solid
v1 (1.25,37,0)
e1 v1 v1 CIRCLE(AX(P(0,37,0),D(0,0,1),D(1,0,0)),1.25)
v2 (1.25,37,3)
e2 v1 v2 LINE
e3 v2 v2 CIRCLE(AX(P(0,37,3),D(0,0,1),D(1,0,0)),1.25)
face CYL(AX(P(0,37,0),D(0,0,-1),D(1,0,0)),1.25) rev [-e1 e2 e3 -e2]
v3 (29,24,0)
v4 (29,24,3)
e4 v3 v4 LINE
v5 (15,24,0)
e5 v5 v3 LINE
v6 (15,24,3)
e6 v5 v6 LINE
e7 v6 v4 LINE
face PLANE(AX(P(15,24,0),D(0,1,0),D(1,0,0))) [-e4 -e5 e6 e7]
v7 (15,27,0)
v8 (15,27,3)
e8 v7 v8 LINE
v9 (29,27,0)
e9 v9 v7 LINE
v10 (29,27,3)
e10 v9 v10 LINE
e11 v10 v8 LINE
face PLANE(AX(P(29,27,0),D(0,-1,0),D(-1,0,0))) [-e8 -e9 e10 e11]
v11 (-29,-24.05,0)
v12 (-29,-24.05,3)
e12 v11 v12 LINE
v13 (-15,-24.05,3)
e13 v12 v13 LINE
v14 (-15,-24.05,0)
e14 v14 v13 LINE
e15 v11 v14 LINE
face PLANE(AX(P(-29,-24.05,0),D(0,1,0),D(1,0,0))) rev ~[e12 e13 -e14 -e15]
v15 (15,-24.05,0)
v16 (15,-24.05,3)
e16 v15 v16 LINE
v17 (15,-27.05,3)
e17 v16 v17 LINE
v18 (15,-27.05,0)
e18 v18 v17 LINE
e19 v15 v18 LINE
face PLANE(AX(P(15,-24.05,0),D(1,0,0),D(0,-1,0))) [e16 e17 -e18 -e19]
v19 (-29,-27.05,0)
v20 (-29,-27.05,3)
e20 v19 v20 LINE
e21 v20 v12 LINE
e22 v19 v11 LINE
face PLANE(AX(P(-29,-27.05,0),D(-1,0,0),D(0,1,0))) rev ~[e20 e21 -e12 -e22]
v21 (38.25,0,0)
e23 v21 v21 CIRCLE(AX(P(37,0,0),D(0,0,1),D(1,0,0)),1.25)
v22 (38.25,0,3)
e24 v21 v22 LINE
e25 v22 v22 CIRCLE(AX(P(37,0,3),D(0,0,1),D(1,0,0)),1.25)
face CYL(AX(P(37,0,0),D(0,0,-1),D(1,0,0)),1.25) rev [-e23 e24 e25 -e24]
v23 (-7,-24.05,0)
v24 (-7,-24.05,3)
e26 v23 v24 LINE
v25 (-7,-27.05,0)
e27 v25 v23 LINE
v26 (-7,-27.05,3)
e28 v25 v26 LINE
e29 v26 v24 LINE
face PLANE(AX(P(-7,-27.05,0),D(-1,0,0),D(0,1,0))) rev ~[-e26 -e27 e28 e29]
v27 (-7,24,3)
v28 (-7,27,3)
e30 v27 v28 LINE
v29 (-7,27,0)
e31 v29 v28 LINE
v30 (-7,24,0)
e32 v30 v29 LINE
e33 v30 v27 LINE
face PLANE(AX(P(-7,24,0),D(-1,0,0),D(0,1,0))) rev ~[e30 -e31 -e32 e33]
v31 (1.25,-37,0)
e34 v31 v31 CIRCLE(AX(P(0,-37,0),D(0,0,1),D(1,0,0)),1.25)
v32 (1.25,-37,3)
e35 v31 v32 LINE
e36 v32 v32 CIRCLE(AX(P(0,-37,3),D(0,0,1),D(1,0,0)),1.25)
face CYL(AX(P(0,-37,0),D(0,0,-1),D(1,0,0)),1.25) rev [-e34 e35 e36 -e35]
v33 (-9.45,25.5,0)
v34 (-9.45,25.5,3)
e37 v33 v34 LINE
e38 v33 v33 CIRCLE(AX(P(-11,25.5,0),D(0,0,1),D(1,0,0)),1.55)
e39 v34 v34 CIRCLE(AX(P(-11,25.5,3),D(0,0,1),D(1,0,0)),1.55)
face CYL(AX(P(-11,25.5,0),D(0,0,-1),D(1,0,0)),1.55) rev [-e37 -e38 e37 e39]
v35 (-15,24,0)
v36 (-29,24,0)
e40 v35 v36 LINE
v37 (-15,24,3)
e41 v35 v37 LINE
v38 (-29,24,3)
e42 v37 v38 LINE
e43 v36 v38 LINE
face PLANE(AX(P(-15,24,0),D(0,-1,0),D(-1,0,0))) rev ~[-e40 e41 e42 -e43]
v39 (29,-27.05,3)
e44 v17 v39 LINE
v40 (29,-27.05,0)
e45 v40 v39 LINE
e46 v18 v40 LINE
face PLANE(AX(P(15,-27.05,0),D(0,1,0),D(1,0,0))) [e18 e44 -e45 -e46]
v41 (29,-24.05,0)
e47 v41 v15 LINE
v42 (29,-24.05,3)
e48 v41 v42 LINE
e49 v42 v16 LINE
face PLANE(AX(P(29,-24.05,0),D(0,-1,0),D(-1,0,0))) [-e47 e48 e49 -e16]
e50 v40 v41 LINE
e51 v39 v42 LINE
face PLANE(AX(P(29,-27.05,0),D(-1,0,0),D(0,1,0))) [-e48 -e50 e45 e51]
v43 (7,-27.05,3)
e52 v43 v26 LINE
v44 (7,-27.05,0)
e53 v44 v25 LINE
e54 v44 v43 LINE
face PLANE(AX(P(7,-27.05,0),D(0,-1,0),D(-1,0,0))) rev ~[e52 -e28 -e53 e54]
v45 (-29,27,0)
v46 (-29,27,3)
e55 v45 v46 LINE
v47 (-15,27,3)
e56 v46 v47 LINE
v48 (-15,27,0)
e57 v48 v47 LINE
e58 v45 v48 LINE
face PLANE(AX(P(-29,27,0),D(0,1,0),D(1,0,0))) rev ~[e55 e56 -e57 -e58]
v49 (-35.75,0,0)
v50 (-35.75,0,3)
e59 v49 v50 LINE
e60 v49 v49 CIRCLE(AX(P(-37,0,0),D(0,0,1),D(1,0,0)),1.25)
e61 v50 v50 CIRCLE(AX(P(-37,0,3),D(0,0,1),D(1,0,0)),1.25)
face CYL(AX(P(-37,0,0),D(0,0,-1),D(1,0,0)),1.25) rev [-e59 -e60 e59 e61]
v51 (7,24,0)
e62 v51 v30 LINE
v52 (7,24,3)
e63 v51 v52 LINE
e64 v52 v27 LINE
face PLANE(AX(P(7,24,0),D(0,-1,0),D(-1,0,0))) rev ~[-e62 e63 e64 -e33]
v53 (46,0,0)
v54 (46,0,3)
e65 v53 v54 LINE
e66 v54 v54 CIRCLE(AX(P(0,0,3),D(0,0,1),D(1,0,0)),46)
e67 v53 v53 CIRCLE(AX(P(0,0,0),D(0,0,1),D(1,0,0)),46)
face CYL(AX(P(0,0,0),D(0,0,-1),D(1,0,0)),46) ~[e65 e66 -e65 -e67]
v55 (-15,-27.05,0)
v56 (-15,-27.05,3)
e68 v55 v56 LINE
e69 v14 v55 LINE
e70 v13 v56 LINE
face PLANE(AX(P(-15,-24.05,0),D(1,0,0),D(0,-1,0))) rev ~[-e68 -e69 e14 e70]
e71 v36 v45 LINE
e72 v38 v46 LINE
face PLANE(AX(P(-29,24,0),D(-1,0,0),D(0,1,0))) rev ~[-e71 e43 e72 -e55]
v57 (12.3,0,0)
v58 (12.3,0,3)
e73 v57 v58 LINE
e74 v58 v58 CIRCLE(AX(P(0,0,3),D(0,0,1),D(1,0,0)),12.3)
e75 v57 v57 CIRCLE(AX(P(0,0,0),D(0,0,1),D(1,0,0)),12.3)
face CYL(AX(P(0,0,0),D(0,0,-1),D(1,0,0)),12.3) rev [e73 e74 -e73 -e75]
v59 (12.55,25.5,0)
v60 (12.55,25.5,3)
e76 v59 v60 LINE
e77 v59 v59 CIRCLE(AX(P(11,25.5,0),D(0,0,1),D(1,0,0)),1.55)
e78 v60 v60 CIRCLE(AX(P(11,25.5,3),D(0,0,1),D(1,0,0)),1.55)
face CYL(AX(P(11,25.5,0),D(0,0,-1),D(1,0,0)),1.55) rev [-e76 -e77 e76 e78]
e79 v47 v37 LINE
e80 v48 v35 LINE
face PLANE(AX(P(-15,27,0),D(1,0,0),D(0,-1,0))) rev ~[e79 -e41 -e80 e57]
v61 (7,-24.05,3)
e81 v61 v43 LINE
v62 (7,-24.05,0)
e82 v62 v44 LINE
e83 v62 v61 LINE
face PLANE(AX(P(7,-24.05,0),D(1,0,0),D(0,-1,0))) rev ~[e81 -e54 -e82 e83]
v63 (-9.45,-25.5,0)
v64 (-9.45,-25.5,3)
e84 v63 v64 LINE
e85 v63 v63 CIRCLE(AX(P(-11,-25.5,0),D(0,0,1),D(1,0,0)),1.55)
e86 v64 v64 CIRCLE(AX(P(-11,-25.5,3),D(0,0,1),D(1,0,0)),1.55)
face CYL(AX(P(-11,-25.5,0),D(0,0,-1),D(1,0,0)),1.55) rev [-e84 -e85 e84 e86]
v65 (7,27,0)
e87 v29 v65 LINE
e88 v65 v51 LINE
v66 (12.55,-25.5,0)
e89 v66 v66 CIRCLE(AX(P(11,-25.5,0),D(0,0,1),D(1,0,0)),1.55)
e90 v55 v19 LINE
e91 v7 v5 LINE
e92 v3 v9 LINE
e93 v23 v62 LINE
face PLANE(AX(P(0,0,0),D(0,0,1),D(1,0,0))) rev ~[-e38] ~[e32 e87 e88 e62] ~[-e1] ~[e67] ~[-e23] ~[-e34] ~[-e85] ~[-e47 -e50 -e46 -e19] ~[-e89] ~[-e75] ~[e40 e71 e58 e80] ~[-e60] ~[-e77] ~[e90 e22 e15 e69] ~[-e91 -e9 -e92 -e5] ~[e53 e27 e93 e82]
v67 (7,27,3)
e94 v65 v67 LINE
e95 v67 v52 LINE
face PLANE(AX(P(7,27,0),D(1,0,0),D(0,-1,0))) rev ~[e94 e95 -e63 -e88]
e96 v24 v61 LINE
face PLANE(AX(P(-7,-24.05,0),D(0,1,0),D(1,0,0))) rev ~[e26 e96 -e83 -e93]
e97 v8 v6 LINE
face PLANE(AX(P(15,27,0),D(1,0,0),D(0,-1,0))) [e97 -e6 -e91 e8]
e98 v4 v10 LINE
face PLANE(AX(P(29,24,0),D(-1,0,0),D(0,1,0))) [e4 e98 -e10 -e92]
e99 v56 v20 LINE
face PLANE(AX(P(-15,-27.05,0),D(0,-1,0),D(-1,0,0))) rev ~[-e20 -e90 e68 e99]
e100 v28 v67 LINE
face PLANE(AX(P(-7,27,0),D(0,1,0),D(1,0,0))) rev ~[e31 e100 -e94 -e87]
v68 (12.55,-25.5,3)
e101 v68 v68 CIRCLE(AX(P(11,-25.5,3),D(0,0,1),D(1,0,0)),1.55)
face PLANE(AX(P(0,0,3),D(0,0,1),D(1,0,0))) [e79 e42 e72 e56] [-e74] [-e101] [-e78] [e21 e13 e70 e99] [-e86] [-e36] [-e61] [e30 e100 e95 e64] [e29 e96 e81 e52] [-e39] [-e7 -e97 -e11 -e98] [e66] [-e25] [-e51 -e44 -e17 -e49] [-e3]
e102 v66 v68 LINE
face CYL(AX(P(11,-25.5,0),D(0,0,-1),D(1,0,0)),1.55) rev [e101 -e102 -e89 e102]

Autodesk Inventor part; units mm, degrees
ref_plane "YZ Plane" through (0, 0, 0) normal (1, 0, 0) x (0, 1, 0)
ref_plane "XZ Plane" through (0, 0, 0) normal (0, 1, 0) x (-1, 0, 0)
ref_plane "XY Plane" through (0, 0, 0) normal (0, 0, 1) x (1, 0, 0)
sketch "Sketch3" plane through (0, 0, 0) normal (0, 0, 1) x (1, 0, 0)
  circle A0 centre (0, 0) radius 46
  circle A1 centre (0, 0) radius 12.3
  circle A2 centre (0, 0) radius 37 construction
  circle A3 centre (0, 37) radius 1.25
  circle A4 centre (37, 0) radius 1.25
  circle A5 centre (0, -37) radius 1.25
  circle A6 centre (-37, 0) radius 1.25
  line L0 (-11, 25.5) -> (-11, -25.5) construction
  circle A7 centre (-11, 25.5) radius 1.55
  circle A8 centre (-11, -25.5) radius 1.55
  circle A9 centre (11, -25.5) radius 1.55
  line L1 (7, -27.05) -> (-7, -27.05)
  line L2 (-7, -27.05) -> (-7, -24.05)
  line L3 (-7, -24.05) -> (7, -24.05)
  line L4 (7, -24.05) -> (7, -27.05)
  line L5 (-15, -27.05) -> (-29, -27.05)
  line L6 (-29, -27.05) -> (-29, -24.05)
  line L7 (-29, -24.05) -> (-15, -24.05)
  line L8 (-15, -24.05) -> (-15, -27.05)
  line L9 (15, -27.05) -> (29, -27.05)
  line L10 (29, -27.05) -> (29, -24.05)
  line L11 (29, -24.05) -> (15, -24.05)
  line L12 (15, -24.05) -> (15, -27.05)
  line L13 (18.1239, 27.05) -> (15, 27.05)
  line L14 (7, 24) -> (-7, 24)
  line L15 (-7, 24) -> (-7, 27)
  line L16 (-7, 27) -> (7, 27)
  line L17 (7, 27) -> (7, 24)
  line L18 (-15, 24) -> (-29, 24)
  line L19 (-29, 24) -> (-29, 27)
  line L20 (-29, 27) -> (-15, 27)
  line L21 (-15, 27) -> (-15, 24)
  line L22 (15, 24) -> (29, 24)
  line L23 (29, 24) -> (29, 27)
  line L24 (29, 27) -> (15, 27)
  line L25 (15, 27) -> (15, 24)
  circle A10 centre (11, 25.5) radius 1.55
  line L26 (-46, -25.55) -> (46, -25.55) construction
  point P0 (46, 0)
  dimension "d74" = 92
  dimension "d32" = 2.5
  dimension "d33" = 2.5
  dimension "d34" = 2.5
  dimension "d35" = 2.5
  dimension "d45" = 3.1
  dimension "d46" = 3.1
  dimension "d47" = 3.1
  dimension "d50" = 14
  dimension "d51" = 4
  dimension "d53" = 14
  dimension "d54" = 4
  dimension "d57" = 14
  dimension "d58" = 14
  dimension "d59" = 14
  dimension "d60" = 3
  dimension "d61" = 14
  dimension "d64" = 3
  dimension "d65" = 3
  dimension "d71" = 1.5
  dimension "d72" = 1.5
  dimension "d75" = 74
  dimension "d78" = 24.6
  dimension "d80" = 3.1
  dimension "d81" = 25.5
  dimension "d82" = 25.5
  dimension "d83" = 22
  dimension "d84" = 11
  dimension "d87" = 4
  dimension "d91" = 22
  dimension "d92" = 1.5
  dimension "d93" = 1.5
  dimension "d94" = 1.5
  dimension "d95" = 1.5
  dimension "d96" = 1.5
  dimension "d97" = 1.5
  dimension "d98" = 4
extrude "Extrusion2" add sketch "Sketch3" along normal blind 3
properties part number "Base4"
